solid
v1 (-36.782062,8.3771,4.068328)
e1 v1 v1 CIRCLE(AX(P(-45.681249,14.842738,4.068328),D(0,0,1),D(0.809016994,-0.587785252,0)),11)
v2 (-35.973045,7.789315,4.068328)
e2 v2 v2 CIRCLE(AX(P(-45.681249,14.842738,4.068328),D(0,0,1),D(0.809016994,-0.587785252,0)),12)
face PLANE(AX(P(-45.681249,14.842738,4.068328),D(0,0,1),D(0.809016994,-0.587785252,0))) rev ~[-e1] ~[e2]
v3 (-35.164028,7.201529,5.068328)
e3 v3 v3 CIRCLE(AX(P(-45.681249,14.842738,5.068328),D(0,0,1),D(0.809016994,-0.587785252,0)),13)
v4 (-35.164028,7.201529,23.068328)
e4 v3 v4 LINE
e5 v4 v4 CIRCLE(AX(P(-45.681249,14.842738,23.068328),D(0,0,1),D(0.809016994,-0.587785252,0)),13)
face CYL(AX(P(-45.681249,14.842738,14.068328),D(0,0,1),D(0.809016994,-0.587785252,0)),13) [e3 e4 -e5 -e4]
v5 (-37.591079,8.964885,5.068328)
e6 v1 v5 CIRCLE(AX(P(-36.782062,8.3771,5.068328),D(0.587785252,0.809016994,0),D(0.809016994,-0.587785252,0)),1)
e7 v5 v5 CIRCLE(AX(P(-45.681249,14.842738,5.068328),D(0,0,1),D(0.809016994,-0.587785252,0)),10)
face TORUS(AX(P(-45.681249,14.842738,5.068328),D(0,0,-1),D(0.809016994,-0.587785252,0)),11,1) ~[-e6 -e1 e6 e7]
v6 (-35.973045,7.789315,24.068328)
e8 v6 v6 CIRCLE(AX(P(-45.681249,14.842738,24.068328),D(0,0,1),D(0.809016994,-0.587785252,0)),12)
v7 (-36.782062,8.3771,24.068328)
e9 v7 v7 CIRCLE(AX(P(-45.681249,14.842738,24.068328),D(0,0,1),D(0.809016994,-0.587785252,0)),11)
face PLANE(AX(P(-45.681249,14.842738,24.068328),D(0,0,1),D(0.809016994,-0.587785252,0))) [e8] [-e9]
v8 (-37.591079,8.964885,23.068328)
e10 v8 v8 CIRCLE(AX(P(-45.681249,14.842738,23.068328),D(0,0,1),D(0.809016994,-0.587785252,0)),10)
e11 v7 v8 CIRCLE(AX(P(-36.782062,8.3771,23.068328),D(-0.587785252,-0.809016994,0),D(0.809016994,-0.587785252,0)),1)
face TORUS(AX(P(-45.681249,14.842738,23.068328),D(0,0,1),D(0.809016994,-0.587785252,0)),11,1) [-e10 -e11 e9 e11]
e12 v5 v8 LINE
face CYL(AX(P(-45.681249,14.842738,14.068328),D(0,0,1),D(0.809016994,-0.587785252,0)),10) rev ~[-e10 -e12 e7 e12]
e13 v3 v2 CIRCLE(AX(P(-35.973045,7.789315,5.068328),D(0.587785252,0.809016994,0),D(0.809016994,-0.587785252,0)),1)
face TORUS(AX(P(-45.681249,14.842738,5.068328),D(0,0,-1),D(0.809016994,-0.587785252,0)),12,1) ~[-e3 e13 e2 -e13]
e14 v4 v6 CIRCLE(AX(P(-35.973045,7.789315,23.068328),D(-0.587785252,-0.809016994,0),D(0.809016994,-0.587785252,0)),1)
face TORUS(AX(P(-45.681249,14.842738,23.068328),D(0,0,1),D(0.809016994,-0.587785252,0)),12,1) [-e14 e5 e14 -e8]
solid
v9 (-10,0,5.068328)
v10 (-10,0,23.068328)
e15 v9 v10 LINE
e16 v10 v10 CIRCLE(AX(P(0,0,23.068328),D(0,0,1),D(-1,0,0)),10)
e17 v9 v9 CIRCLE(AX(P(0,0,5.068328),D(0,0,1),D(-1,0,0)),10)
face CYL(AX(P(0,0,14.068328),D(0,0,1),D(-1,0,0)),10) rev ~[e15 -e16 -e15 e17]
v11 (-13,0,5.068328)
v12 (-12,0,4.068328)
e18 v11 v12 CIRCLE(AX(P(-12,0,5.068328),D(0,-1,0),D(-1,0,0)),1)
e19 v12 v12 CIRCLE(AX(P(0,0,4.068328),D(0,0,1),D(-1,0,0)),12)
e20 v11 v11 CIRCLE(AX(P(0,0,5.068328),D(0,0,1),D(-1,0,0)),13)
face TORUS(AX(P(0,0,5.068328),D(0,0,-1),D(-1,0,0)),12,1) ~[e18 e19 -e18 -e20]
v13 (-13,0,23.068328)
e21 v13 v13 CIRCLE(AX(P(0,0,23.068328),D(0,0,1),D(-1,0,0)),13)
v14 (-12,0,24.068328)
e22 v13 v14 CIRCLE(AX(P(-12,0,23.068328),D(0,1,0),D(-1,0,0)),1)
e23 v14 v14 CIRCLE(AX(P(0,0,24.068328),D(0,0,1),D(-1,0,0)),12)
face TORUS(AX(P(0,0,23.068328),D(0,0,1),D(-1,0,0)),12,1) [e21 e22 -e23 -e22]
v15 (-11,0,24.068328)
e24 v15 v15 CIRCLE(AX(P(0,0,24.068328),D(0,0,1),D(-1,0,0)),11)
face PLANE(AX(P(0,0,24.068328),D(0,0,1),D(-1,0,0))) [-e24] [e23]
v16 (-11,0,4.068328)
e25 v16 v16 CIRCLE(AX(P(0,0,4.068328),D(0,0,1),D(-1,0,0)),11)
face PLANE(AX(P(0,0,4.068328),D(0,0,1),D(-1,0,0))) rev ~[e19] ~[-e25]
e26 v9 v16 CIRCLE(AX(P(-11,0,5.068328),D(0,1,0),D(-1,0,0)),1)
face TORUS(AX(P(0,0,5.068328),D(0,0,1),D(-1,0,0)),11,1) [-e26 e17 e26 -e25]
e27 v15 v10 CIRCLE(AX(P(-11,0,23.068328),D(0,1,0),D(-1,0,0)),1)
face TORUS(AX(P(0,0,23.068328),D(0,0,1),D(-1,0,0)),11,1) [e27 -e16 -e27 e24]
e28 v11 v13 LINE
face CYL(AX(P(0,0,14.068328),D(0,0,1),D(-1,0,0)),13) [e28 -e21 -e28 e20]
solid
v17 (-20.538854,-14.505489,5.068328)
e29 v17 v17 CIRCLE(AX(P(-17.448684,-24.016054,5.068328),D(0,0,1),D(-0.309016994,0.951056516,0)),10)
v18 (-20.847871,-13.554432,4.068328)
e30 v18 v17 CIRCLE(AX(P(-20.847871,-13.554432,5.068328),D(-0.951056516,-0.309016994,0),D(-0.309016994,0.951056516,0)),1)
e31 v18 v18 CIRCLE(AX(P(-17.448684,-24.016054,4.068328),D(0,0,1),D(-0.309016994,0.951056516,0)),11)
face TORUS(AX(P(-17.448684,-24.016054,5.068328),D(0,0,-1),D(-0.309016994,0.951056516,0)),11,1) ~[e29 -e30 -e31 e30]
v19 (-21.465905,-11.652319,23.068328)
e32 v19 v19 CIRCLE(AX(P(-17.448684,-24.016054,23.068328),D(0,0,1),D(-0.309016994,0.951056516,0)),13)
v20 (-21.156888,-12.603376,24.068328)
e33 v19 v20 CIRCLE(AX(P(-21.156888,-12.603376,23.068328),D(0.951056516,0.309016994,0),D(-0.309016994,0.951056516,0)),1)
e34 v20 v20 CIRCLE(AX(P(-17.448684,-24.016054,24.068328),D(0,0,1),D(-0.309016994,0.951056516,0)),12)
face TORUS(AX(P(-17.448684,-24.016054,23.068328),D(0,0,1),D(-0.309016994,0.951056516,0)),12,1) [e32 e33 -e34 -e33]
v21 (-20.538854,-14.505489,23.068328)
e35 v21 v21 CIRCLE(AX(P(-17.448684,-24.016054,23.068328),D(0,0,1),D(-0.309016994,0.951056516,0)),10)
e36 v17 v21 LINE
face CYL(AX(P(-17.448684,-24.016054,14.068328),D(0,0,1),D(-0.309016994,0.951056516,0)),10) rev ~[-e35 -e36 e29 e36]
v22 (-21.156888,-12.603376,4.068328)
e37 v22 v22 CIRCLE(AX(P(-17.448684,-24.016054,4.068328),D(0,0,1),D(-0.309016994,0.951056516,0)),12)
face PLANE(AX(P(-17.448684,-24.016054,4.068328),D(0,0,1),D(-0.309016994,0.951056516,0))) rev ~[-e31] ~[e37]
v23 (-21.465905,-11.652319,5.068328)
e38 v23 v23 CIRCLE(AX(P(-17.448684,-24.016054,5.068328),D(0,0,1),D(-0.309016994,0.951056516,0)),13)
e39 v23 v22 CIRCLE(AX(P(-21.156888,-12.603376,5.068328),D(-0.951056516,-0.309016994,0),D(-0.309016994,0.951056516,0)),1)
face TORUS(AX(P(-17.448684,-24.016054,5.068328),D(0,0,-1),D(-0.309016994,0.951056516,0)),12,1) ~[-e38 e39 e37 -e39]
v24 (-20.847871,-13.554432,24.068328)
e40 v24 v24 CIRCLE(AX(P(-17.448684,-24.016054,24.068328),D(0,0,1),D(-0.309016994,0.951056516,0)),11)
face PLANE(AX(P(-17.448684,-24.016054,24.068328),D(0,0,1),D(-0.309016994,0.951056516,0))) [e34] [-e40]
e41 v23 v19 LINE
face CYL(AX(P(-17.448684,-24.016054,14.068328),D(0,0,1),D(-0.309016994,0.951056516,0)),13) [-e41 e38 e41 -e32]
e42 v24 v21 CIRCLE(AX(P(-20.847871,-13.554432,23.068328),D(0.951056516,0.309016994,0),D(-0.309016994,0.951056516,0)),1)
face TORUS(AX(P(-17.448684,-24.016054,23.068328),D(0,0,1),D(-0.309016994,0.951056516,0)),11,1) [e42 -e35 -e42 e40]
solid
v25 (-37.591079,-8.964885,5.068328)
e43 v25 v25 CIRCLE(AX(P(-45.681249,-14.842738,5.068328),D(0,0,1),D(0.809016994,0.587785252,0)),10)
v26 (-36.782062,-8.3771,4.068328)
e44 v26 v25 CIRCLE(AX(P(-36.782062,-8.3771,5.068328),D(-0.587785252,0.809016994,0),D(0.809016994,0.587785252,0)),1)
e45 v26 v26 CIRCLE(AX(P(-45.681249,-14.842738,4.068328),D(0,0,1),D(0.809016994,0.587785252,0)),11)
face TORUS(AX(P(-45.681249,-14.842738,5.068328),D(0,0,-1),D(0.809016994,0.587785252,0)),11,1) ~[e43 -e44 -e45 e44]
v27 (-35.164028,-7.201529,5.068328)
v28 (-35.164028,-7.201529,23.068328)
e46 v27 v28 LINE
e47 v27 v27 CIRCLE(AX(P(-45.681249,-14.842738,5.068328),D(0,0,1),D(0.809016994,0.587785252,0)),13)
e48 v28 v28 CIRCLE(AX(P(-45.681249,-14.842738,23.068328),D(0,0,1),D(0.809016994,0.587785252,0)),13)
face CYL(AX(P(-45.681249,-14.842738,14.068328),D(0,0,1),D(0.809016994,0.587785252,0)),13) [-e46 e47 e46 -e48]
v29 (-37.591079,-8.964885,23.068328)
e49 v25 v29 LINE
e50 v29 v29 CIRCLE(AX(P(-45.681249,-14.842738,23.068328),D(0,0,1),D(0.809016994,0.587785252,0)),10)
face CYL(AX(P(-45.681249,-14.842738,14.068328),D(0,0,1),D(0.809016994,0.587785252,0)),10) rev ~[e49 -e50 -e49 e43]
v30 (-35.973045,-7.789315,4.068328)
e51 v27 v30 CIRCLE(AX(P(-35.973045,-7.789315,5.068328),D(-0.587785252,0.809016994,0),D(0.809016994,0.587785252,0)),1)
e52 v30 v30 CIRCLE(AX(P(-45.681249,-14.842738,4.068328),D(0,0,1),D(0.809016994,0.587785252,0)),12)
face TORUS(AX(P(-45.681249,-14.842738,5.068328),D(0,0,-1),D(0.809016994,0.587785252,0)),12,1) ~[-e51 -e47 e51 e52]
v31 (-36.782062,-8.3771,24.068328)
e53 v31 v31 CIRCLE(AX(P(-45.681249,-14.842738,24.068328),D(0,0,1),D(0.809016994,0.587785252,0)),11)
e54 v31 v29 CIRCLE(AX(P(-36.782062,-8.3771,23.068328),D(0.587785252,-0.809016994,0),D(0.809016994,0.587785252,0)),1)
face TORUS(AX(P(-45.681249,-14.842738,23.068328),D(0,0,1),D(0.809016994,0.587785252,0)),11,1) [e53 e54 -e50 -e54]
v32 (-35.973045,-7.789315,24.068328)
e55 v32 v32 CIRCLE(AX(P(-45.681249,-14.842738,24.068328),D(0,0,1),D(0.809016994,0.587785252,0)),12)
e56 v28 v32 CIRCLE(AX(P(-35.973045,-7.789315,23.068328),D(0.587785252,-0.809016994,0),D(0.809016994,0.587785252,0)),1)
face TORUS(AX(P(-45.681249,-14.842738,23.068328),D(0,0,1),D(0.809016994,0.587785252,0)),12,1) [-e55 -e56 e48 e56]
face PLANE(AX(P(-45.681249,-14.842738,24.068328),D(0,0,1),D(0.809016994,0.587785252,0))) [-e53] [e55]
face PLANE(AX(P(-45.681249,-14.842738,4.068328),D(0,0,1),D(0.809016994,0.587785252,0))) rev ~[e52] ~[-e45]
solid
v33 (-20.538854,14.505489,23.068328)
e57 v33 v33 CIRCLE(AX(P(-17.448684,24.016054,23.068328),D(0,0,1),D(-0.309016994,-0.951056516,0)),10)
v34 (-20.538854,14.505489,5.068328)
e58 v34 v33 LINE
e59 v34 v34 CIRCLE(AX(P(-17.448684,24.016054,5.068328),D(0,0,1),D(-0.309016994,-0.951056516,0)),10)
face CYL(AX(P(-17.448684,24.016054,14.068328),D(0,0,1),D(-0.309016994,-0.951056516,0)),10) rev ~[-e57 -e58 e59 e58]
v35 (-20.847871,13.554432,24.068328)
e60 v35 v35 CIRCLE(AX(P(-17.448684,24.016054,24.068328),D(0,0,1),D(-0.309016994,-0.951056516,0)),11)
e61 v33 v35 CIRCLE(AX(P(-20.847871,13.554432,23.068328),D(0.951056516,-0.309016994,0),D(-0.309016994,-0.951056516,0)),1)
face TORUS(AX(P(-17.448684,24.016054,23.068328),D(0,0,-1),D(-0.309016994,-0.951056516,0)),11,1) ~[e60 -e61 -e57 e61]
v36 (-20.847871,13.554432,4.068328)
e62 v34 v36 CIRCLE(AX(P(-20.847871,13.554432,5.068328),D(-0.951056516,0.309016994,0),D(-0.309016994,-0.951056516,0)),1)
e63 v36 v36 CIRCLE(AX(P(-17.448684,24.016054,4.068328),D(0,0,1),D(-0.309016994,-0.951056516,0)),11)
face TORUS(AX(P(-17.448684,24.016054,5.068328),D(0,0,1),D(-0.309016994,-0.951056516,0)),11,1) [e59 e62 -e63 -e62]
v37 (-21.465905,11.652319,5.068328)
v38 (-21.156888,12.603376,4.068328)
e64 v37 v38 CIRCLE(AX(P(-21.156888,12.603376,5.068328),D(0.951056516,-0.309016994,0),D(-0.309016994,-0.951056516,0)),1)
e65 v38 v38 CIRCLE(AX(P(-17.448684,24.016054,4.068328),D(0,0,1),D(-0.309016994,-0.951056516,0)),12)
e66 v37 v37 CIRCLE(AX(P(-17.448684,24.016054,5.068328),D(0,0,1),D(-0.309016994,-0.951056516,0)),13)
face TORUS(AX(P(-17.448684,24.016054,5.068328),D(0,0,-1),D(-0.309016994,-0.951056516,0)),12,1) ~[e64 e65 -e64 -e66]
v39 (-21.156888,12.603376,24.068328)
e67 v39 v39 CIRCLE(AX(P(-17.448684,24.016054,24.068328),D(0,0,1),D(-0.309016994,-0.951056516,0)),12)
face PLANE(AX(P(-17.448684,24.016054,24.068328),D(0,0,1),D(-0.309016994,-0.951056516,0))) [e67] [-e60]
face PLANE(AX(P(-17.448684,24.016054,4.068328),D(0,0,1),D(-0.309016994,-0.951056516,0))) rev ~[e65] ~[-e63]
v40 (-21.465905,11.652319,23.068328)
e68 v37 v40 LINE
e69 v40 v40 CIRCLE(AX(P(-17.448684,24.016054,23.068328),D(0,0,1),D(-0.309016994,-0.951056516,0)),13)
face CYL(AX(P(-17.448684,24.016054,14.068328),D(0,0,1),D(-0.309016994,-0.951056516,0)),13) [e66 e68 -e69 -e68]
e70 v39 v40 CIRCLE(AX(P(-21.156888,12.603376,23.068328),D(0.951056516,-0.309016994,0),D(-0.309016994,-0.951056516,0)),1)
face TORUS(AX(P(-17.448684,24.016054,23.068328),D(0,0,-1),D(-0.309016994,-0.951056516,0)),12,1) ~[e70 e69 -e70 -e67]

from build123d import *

# Parameters (mm, degrees)
F0_W     = 3
F0_H     = 20
F2_COUNT = 5
F3_R     = 1
F4_R     = 1
F5_R     = 1
F5_2_R   = 1
F5_3_R   = 1
F5_4_R   = 1
F5_5_R   = 1
F6_R     = 1
F6_2_R   = 1
F6_3_R   = 1
F6_4_R   = 1
F7_R     = 1


with BuildPart() as f1:
    # F0 (on Front) → F1 (revolve)
    with BuildSketch(Plane.XZ):
        with Locations((-11.5, 14.0683282912)):
            Rectangle(F0_W, F0_H)
    revolve(axis=Axis((0, 0, 0.5), (0, 0, 1)))


with BuildPart() as f2_1:
    # F2: instance of F1
    add(f1.part.rotate(Axis((-25.2519734204, 0, -9.0471665263), (0, 0, -1)), 1 * 360 / F2_COUNT))

    # F5#5
    f5_5_edges = [f2_1.edges().sort_by_distance(p)[0] for p in [
        (-13.431464, -36.379789, 4.068328),
        (-14.358515, -33.526619, 4.068328),
    ]]
    fillet(f5_5_edges, radius=F5_5_R)

    # F6#2
    f6_2_edges = [f2_1.edges().sort_by_distance(p)[0] for p in [
        (-14.358515, -33.526619, 24.068328),
        (-13.431464, -36.379789, 24.068328),
    ]]
    fillet(f6_2_edges, radius=F6_2_R)


with BuildPart() as f2_2:
    # F2: instance of F1
    add(f1.part.rotate(Axis((-25.2519734204, 0, -9.0471665263), (0, 0, -1)), 2 * 360 / F2_COUNT))

    # F5#4
    f5_4_edges = [f2_2.edges().sort_by_distance(p)[0] for p in [
        (-56.19847, -22.483946, 4.068328),
        (-53.771419, -20.72059, 4.068328),
    ]]
    fillet(f5_4_edges, radius=F5_4_R)

    # F6#3
    f6_3_edges = [f2_2.edges().sort_by_distance(p)[0] for p in [
        (-56.19847, -22.483946, 24.068328),
        (-53.771419, -20.72059, 24.068328),
    ]]
    fillet(f6_3_edges, radius=F6_3_R)


with BuildPart() as f2_3:
    # F2: instance of F1
    add(f1.part.rotate(Axis((-25.2519734204, 0, -9.0471665263), (0, 0, -1)), 3 * 360 / F2_COUNT))

    # F5#3
    f5_3_edges = [f2_3.edges().sort_by_distance(p)[0] for p in [
        (-56.19847, 22.483946, 4.068328),
        (-53.771419, 20.72059, 4.068328),
    ]]
    fillet(f5_3_edges, radius=F5_3_R)

    # F6#4
    f6_4_edges = [f2_3.edges().sort_by_distance(p)[0] for p in [
        (-56.19847, 22.483946, 24.068328),
        (-53.771419, 20.72059, 24.068328),
    ]]
    fillet(f6_4_edges, radius=F6_4_R)


with BuildPart() as f2_4:
    # F2: instance of F1
    add(f1.part.rotate(Axis((-25.2519734204, 0, -9.0471665263), (0, 0, -1)), 4 * 360 / F2_COUNT))

    # F3
    f3_edges = [f2_4.edges().sort_by_distance(p)[0] for p in [
        (-14.358515, 33.526619, 24.068328),
    ]]
    fillet(f3_edges, radius=F3_R)

    # F4
    f4_edges = [f2_4.edges().sort_by_distance(p)[0] for p in [
        (-13.431464, 36.379789, 24.068328),
    ]]
    fillet(f4_edges, radius=F4_R)

    # F5#2
    f5_2_edges = [f2_4.edges().sort_by_distance(p)[0] for p in [
        (-13.431464, 36.379789, 4.068328),
        (-14.358515, 33.526619, 4.068328),
    ]]
    fillet(f5_2_edges, radius=F5_2_R)


with BuildPart() as f1_1:
    add(f1.part)

    # F5
    f5_edges = [f1_1.edges().sort_by_distance(p)[0] for p in [
        (13, 0, 24.068328),
        (13, 0, 4.068328),
        (-13, 0, 14.068328),
    ]]
    fillet(f5_edges, radius=F5_R)

    # F6
    f6_edges = [f1_1.edges().sort_by_distance(p)[0] for p in [
        (10, 0, 24.068328),
    ]]
    fillet(f6_edges, radius=F6_R)

    # F7
    f7_edges = [f1_1.edges().sort_by_distance(p)[0] for p in [
        (10, 0, 4.068328),
    ]]
    fillet(f7_edges, radius=F7_R)


solid = Compound([f2_1.part, f2_2.part, f2_3.part, f2_4.part, f1_1.part])
